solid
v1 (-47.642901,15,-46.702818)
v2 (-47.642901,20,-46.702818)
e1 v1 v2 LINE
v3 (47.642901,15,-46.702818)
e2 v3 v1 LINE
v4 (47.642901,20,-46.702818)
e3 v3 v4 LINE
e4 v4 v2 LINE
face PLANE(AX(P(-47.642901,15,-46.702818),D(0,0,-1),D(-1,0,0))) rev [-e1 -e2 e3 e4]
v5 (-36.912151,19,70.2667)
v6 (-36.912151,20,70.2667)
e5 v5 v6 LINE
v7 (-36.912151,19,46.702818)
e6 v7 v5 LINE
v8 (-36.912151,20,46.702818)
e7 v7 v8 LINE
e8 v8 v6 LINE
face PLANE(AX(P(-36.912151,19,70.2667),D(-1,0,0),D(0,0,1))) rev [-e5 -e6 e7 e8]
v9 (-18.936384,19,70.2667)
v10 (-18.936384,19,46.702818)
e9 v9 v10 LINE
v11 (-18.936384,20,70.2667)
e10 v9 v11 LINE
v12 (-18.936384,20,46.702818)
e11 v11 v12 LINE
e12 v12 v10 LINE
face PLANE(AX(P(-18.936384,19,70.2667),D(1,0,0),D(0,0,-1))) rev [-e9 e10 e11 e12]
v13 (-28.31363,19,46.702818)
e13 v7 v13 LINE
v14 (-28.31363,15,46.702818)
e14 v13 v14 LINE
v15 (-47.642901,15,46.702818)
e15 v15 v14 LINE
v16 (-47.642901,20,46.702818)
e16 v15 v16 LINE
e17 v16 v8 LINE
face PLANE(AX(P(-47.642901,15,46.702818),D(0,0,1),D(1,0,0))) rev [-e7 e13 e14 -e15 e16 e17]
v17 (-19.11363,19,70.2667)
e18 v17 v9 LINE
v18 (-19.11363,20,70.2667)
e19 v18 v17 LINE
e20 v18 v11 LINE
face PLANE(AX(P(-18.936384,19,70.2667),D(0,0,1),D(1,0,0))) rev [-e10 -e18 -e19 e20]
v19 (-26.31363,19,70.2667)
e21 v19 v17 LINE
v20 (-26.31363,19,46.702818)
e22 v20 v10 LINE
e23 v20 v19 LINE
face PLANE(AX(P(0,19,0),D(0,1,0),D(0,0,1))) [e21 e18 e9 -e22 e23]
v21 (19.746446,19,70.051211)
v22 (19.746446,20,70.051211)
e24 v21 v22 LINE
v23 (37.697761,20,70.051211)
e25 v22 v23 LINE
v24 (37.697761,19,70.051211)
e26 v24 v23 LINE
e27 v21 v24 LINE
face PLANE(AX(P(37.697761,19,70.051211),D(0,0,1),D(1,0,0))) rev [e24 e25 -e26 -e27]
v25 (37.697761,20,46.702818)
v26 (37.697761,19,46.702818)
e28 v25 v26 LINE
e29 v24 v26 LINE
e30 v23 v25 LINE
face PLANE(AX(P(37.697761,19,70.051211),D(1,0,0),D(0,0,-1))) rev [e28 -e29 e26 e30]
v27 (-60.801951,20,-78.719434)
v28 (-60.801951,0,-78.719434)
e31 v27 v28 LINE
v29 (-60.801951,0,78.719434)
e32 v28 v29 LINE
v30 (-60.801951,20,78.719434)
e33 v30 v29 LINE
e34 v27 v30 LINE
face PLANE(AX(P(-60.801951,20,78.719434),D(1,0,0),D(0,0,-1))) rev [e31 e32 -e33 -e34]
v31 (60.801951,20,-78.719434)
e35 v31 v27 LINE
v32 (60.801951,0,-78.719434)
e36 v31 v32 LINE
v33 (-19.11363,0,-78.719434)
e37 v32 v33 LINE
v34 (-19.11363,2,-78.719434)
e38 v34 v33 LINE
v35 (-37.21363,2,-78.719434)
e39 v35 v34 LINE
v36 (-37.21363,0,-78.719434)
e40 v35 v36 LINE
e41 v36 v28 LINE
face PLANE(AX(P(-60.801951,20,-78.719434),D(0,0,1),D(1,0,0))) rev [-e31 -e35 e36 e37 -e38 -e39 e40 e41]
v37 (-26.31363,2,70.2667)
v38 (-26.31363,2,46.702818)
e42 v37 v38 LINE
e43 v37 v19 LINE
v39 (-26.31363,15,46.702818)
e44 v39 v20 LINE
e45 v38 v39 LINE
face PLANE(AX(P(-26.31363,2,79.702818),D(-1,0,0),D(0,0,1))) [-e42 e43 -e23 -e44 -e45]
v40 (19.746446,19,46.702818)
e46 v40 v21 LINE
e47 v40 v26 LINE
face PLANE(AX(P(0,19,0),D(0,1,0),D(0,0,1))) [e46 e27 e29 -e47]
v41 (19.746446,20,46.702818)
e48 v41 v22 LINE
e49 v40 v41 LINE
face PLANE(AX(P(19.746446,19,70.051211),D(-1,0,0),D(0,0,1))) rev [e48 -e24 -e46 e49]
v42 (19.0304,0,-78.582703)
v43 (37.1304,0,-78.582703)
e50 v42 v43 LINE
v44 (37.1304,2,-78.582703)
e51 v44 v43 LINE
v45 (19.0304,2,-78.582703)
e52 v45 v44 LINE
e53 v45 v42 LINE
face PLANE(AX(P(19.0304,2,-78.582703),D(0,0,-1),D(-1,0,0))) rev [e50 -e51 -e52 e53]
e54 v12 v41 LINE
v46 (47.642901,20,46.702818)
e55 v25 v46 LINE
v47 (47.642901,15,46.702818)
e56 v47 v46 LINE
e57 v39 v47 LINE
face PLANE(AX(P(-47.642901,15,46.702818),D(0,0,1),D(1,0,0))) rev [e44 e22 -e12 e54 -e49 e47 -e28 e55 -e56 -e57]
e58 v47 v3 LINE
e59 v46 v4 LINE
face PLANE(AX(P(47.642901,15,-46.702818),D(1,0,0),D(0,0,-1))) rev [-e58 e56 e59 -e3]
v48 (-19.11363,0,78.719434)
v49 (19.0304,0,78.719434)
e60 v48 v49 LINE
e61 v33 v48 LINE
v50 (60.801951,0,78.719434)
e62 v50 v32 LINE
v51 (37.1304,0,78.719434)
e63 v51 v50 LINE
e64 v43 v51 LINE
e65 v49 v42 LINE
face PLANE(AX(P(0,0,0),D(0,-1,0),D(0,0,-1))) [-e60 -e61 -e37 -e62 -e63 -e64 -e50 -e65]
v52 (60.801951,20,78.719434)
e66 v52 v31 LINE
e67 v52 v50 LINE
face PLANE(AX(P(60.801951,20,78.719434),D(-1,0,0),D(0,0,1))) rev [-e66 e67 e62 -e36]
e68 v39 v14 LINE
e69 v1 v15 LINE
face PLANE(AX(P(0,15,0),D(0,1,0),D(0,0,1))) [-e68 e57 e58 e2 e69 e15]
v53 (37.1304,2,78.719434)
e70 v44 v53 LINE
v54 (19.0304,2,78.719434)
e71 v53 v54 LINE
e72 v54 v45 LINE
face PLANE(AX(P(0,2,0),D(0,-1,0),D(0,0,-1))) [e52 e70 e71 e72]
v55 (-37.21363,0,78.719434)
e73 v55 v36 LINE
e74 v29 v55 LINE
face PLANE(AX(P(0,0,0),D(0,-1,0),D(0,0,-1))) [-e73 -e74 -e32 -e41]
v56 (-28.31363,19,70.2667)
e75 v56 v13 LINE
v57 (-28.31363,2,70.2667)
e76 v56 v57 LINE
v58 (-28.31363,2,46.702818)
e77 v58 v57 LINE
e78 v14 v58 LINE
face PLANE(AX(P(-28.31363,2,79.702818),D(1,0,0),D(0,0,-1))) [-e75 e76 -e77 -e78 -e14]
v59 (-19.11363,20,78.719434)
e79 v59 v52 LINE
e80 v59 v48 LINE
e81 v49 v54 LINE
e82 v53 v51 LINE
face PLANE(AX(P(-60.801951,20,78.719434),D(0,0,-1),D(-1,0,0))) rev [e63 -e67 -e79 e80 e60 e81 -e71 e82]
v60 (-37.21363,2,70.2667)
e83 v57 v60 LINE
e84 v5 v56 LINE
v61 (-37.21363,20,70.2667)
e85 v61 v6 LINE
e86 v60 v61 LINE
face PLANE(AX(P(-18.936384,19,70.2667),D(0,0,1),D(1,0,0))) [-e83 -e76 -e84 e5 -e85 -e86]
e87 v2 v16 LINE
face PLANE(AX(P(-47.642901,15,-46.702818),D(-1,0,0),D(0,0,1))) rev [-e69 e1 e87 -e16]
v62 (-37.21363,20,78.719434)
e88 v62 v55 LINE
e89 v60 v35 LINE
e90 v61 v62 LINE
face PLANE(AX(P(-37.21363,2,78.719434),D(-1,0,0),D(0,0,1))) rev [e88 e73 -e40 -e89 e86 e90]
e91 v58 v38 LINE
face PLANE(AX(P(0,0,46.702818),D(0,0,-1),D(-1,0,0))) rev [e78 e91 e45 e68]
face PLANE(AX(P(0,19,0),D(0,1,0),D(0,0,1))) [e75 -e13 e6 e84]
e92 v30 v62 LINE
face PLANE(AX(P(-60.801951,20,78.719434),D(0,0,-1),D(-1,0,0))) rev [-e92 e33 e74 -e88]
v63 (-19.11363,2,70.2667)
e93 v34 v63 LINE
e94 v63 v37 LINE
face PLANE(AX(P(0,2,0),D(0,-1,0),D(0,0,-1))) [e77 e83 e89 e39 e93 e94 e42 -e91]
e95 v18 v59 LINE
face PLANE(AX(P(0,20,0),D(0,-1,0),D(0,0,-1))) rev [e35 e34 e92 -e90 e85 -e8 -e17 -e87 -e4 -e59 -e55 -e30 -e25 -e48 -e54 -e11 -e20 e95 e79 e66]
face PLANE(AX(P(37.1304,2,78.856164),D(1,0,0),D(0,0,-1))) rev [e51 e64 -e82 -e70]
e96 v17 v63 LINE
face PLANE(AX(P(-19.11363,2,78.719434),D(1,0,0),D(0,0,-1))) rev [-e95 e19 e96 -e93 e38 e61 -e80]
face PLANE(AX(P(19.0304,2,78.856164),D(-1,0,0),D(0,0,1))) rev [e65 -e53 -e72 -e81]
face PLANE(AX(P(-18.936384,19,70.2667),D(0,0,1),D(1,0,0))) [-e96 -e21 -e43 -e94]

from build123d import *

# Parameters (mm, degrees)
SKETCH1_W           = 121.603901538
SKETCH1_H           = 157.438867692
BOSS_EXTRUDE1_DEPTH = 20
SKETCH2_W           = 17.97576728
SKETCH2_H           = 23.568228212
SKETCH2_W_2         = 17.951314889
SKETCH2_H_2         = 23.536168411
CUT_EXTRUDE1_DEPTH  = 1
SKETCH3_W           = 95.285802818
SKETCH3_H           = 93.40563605
CUT_EXTRUDE2_DEPTH  = 5
SKETCH5_W           = 18.1
SKETCH5_H           = 157.438867692
CUT_EXTRUDE3_DEPTH  = 2
SKETCH6_W           = 2
SKETCH6_H           = 18
CUT_EXTRUDE4_DEPTH  = 33
SKETCH8_W           = 18.1
SKETCH8_H           = 18
CUT_EXTRUDE5_DEPTH  = 8.45273398


with BuildPart() as part:
    # Sketch1 → Boss-Extrude1 (new body)
    with BuildSketch(Plane(origin=(0, 0, 0), x_dir=(1, 0, 0), z_dir=(0, 1, 0))):
        Rectangle(SKETCH1_W, SKETCH1_H)
    extrude(amount=BOSS_EXTRUDE1_DEPTH)

    # Sketch2 → Cut-Extrude1 (cut)
    with BuildSketch(Plane(origin=(0, 20, 0), x_dir=(1, 0, 0), z_dir=(0, 1, 0))):
        with Locations((-27.924267606, -58.48258576)):
            Rectangle(SKETCH2_W, SKETCH2_H)
        with Locations((28.722103823, -58.283126705)):
            Rectangle(SKETCH2_W_2, SKETCH2_H_2)
    extrude(amount=-CUT_EXTRUDE1_DEPTH, mode=Mode.SUBTRACT)

    # Sketch3 → Cut-Extrude2 (cut)
    with BuildSketch(Plane(origin=(0, 20, 0), x_dir=(1, 0, 0), z_dir=(0, 1, 0))):
        Rectangle(SKETCH3_W, SKETCH3_H)
    extrude(amount=-CUT_EXTRUDE2_DEPTH, mode=Mode.SUBTRACT)

    # Sketch5 → Cut-Extrude3 (cut)
    with BuildSketch(Plane.XZ):
        with Locations((-28.163629981, 0)):
            Rectangle(SKETCH5_W, SKETCH5_H)
        with Locations((28.080400305, 0.136730642)):
            Rectangle(SKETCH5_W, SKETCH5_H)
    extrude(amount=-CUT_EXTRUDE3_DEPTH, mode=Mode.SUBTRACT)

    # Sketch6 → Cut-Extrude4 (cut)
    with BuildSketch(Plane(origin=(-36.912151246, 20, 46.702818025), x_dir=(1, 0, 0), z_dir=(0, 0, 1))):
        with Locations((9.598521265, -9)):
            Rectangle(SKETCH6_W, SKETCH6_H)
    extrude(amount=CUT_EXTRUDE4_DEPTH, mode=Mode.SUBTRACT)

    # Sketch8 → Cut-Extrude5 (cut)
    with BuildSketch(Plane.XY.offset(78.719433846)):
        with Locations((-28.163629981, 11)):
            Rectangle(SKETCH8_W, SKETCH8_H)
    extrude(amount=-CUT_EXTRUDE5_DEPTH, mode=Mode.SUBTRACT)


solid = part.part
